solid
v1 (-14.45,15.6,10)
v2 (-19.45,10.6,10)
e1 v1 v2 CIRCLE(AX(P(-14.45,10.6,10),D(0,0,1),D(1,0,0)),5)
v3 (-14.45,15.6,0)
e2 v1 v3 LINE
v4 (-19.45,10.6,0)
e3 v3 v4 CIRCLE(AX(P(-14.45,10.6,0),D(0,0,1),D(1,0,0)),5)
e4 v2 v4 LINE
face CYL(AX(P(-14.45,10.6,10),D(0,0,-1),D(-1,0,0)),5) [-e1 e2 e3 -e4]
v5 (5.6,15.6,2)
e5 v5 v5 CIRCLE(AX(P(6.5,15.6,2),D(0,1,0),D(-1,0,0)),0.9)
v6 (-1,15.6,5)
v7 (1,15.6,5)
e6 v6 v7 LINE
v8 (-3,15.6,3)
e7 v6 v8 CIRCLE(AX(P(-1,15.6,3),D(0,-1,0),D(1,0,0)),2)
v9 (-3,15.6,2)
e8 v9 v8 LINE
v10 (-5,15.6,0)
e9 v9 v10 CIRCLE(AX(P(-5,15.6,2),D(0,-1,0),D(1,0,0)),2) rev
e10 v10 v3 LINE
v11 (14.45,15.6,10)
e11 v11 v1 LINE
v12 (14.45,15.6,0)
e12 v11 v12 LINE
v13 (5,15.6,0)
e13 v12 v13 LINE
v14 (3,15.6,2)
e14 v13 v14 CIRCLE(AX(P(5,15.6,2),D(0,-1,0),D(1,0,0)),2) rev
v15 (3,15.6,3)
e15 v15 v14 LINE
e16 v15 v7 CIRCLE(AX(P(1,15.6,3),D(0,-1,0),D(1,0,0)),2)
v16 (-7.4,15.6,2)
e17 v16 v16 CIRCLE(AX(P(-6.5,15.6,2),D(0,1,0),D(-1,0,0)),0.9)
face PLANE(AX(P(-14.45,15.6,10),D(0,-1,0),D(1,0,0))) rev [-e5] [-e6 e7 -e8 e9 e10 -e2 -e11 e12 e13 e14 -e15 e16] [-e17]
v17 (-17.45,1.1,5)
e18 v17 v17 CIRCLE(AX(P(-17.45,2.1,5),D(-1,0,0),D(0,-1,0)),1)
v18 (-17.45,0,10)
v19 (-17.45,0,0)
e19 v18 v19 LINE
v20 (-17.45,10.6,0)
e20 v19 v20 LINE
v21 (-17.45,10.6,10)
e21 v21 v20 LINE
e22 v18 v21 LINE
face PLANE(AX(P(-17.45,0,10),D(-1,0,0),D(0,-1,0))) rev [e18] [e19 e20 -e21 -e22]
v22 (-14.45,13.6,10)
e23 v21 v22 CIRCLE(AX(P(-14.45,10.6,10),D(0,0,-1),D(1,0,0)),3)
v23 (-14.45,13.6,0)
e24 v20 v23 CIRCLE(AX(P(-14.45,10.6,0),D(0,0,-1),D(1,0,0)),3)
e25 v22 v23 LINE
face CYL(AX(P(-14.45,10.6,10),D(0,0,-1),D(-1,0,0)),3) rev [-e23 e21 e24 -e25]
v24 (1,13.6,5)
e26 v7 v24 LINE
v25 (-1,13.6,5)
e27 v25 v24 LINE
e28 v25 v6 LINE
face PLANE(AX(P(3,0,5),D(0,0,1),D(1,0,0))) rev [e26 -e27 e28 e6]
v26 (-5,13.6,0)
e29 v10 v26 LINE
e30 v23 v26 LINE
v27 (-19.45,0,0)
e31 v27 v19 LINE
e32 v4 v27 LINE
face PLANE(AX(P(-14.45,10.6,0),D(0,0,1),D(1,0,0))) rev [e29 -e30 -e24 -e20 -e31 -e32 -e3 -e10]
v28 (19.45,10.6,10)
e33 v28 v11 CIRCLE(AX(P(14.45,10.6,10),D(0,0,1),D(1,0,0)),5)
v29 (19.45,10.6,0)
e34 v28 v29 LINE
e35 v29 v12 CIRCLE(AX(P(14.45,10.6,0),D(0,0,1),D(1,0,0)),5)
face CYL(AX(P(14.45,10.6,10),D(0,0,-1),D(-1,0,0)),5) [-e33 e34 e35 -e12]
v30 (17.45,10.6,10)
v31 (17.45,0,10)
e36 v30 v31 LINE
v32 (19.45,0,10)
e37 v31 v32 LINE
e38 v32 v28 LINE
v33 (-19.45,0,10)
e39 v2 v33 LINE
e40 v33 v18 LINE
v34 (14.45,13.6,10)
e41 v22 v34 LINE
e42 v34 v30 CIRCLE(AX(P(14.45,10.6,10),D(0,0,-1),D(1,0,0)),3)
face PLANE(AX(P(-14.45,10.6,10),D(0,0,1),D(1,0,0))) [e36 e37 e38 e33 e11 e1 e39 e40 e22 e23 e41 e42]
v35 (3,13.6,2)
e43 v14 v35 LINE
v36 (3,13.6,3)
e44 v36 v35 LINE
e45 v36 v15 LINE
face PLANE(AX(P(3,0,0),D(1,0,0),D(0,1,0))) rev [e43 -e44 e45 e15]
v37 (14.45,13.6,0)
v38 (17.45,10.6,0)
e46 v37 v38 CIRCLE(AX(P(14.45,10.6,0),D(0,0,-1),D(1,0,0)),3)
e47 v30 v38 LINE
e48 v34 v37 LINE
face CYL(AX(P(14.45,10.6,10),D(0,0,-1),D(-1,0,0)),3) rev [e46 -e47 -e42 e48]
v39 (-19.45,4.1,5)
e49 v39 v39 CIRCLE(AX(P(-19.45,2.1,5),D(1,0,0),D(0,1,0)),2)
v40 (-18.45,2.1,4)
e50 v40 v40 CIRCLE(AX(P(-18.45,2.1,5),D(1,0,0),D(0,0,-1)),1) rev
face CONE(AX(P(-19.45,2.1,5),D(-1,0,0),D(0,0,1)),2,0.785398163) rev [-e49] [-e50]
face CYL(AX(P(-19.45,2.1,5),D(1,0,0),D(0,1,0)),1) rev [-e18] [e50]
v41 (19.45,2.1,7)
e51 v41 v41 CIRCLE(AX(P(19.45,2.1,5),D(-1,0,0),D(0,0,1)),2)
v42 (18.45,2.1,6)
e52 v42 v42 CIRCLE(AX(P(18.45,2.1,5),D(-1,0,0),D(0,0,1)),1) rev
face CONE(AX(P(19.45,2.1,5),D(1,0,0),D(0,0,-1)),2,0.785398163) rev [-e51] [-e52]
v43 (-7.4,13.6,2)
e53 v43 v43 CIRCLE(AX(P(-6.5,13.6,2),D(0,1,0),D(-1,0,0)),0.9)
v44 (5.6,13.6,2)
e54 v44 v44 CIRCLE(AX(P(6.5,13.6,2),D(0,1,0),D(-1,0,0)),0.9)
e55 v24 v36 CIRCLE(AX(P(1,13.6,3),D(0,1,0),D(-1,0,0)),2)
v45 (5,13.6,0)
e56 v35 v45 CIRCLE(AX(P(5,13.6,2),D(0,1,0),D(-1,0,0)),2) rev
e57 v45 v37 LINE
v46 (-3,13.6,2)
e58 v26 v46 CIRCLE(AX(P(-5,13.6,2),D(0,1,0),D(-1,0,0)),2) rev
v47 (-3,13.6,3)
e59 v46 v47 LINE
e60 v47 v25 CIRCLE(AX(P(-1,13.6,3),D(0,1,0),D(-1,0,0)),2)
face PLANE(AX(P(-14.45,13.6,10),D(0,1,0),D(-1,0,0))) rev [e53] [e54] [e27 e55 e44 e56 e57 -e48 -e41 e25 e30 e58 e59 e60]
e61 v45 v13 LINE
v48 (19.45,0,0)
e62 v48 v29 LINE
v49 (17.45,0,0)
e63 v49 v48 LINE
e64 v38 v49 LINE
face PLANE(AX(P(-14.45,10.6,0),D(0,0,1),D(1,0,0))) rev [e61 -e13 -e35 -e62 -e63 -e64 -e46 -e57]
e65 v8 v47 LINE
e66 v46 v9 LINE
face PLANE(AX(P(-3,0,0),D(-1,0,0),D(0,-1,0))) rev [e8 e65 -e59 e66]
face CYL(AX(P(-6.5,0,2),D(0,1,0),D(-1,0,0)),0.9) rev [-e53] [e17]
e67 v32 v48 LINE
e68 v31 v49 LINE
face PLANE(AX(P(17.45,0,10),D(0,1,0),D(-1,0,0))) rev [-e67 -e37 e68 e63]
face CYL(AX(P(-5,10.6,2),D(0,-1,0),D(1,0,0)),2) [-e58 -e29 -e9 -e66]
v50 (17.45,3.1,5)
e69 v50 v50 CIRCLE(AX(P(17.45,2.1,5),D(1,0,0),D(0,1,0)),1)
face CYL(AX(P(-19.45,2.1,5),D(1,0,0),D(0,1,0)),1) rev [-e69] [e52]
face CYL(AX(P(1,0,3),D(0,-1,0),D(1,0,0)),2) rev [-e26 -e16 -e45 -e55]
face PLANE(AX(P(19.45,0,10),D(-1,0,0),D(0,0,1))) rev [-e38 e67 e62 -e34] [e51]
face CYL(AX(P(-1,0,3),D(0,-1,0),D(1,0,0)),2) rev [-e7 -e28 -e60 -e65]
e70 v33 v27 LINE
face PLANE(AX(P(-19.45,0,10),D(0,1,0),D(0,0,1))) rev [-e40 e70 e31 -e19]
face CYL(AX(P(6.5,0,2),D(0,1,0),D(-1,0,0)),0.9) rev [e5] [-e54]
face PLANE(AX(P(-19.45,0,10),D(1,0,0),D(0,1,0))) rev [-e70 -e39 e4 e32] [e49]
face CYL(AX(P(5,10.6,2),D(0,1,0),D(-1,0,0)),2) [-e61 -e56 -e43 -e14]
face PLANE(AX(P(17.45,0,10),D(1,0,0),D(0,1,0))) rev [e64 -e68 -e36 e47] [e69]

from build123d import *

# Parameters (mm, degrees)
BOSS_EXTRUDE1_DEPTH     = 10
SKETCH2_R               = 1
CUT_EXTRUDE1_DEPTH      = 1
CUT_EXTRUDE1_DEPTH_BACK = 39.9
CHAMFER1_SIZE           = 1
SKETCH3_R               = 0.9
SKETCH3_W               = 6
SKETCH3_H               = 5
CUT_EXTRUDE2_DEPTH      = 16.6
FILLET1_R               = 2


with BuildPart() as part:
    # Sketch1 → Boss-Extrude1 (new body)
    with BuildSketch(Plane.XY):
        with BuildLine():
            Line((17.45, 0), (19.45, 0))
            Line((19.45, 0), (19.45, 10.6))
            ThreePointArc((19.45, 10.6), (17.985533906, 14.135533906), (14.45, 15.6))
            Line((14.45, 15.6), (-14.45, 15.6))
            ThreePointArc((-14.45, 15.6), (-17.985533906, 14.135533906), (-19.45, 10.6))
            Line((-19.45, 10.6), (-19.45, 0))
            Line((-19.45, 0), (-17.45, 0))
            Line((-17.45, 0), (-17.45, 10.6))
            ThreePointArc((-17.45, 10.6), (-16.571320344, 12.721320344), (-14.45, 13.6))
            Line((-14.45, 13.6), (14.45, 13.6))
            ThreePointArc((14.45, 13.6), (16.571320344, 12.721320344), (17.45, 10.6))
            Line((17.45, 10.6), (17.45, 0))
        make_face()
    extrude(amount=BOSS_EXTRUDE1_DEPTH)

    # Sketch2 → Cut-Extrude1 (cut, two sides)
    with BuildSketch(Plane(origin=(19.45, 0, 0), x_dir=(0, 0, -1), z_dir=(1, 0, 0))) as cut_extrude1_sk:
        with Locations((-5, 2.1)):
            Circle(SKETCH2_R)
    extrude(amount=CUT_EXTRUDE1_DEPTH, mode=Mode.SUBTRACT)
    extrude(cut_extrude1_sk.sketch, amount=-CUT_EXTRUDE1_DEPTH_BACK, mode=Mode.SUBTRACT)

    # Chamfer1
    chamfer1_edges = [part.edges().sort_by_distance(p)[0] for p in [
        (-19.45, 2.1, 6),
        (19.45, 2.1, 6),
    ]]
    chamfer(chamfer1_edges, length=CHAMFER1_SIZE)

    # Sketch3 → Cut-Extrude2 (cut, through all)
    with BuildSketch(Plane(origin=(0, 15.6, 0), x_dir=(1, 0, 0), z_dir=(0, 1, 0))):
        with Locations((-6.5, -2)):
            Circle(SKETCH3_R)
        with Locations((6.5, -2)):
            Circle(SKETCH3_R)
        with Locations((0, -2.5)):
            Rectangle(SKETCH3_W, SKETCH3_H)
    extrude(amount=-CUT_EXTRUDE2_DEPTH, mode=Mode.SUBTRACT)

    # Fillet1
    fillet1_edges = [part.edges().sort_by_distance(p)[0] for p in [
        (-3, 14.6, 0),
        (3, 14.6, 0),
        (3, 14.6, 5),
        (-3, 14.6, 5),
    ]]
    fillet(fillet1_edges, radius=FILLET1_R)


solid = part.part
